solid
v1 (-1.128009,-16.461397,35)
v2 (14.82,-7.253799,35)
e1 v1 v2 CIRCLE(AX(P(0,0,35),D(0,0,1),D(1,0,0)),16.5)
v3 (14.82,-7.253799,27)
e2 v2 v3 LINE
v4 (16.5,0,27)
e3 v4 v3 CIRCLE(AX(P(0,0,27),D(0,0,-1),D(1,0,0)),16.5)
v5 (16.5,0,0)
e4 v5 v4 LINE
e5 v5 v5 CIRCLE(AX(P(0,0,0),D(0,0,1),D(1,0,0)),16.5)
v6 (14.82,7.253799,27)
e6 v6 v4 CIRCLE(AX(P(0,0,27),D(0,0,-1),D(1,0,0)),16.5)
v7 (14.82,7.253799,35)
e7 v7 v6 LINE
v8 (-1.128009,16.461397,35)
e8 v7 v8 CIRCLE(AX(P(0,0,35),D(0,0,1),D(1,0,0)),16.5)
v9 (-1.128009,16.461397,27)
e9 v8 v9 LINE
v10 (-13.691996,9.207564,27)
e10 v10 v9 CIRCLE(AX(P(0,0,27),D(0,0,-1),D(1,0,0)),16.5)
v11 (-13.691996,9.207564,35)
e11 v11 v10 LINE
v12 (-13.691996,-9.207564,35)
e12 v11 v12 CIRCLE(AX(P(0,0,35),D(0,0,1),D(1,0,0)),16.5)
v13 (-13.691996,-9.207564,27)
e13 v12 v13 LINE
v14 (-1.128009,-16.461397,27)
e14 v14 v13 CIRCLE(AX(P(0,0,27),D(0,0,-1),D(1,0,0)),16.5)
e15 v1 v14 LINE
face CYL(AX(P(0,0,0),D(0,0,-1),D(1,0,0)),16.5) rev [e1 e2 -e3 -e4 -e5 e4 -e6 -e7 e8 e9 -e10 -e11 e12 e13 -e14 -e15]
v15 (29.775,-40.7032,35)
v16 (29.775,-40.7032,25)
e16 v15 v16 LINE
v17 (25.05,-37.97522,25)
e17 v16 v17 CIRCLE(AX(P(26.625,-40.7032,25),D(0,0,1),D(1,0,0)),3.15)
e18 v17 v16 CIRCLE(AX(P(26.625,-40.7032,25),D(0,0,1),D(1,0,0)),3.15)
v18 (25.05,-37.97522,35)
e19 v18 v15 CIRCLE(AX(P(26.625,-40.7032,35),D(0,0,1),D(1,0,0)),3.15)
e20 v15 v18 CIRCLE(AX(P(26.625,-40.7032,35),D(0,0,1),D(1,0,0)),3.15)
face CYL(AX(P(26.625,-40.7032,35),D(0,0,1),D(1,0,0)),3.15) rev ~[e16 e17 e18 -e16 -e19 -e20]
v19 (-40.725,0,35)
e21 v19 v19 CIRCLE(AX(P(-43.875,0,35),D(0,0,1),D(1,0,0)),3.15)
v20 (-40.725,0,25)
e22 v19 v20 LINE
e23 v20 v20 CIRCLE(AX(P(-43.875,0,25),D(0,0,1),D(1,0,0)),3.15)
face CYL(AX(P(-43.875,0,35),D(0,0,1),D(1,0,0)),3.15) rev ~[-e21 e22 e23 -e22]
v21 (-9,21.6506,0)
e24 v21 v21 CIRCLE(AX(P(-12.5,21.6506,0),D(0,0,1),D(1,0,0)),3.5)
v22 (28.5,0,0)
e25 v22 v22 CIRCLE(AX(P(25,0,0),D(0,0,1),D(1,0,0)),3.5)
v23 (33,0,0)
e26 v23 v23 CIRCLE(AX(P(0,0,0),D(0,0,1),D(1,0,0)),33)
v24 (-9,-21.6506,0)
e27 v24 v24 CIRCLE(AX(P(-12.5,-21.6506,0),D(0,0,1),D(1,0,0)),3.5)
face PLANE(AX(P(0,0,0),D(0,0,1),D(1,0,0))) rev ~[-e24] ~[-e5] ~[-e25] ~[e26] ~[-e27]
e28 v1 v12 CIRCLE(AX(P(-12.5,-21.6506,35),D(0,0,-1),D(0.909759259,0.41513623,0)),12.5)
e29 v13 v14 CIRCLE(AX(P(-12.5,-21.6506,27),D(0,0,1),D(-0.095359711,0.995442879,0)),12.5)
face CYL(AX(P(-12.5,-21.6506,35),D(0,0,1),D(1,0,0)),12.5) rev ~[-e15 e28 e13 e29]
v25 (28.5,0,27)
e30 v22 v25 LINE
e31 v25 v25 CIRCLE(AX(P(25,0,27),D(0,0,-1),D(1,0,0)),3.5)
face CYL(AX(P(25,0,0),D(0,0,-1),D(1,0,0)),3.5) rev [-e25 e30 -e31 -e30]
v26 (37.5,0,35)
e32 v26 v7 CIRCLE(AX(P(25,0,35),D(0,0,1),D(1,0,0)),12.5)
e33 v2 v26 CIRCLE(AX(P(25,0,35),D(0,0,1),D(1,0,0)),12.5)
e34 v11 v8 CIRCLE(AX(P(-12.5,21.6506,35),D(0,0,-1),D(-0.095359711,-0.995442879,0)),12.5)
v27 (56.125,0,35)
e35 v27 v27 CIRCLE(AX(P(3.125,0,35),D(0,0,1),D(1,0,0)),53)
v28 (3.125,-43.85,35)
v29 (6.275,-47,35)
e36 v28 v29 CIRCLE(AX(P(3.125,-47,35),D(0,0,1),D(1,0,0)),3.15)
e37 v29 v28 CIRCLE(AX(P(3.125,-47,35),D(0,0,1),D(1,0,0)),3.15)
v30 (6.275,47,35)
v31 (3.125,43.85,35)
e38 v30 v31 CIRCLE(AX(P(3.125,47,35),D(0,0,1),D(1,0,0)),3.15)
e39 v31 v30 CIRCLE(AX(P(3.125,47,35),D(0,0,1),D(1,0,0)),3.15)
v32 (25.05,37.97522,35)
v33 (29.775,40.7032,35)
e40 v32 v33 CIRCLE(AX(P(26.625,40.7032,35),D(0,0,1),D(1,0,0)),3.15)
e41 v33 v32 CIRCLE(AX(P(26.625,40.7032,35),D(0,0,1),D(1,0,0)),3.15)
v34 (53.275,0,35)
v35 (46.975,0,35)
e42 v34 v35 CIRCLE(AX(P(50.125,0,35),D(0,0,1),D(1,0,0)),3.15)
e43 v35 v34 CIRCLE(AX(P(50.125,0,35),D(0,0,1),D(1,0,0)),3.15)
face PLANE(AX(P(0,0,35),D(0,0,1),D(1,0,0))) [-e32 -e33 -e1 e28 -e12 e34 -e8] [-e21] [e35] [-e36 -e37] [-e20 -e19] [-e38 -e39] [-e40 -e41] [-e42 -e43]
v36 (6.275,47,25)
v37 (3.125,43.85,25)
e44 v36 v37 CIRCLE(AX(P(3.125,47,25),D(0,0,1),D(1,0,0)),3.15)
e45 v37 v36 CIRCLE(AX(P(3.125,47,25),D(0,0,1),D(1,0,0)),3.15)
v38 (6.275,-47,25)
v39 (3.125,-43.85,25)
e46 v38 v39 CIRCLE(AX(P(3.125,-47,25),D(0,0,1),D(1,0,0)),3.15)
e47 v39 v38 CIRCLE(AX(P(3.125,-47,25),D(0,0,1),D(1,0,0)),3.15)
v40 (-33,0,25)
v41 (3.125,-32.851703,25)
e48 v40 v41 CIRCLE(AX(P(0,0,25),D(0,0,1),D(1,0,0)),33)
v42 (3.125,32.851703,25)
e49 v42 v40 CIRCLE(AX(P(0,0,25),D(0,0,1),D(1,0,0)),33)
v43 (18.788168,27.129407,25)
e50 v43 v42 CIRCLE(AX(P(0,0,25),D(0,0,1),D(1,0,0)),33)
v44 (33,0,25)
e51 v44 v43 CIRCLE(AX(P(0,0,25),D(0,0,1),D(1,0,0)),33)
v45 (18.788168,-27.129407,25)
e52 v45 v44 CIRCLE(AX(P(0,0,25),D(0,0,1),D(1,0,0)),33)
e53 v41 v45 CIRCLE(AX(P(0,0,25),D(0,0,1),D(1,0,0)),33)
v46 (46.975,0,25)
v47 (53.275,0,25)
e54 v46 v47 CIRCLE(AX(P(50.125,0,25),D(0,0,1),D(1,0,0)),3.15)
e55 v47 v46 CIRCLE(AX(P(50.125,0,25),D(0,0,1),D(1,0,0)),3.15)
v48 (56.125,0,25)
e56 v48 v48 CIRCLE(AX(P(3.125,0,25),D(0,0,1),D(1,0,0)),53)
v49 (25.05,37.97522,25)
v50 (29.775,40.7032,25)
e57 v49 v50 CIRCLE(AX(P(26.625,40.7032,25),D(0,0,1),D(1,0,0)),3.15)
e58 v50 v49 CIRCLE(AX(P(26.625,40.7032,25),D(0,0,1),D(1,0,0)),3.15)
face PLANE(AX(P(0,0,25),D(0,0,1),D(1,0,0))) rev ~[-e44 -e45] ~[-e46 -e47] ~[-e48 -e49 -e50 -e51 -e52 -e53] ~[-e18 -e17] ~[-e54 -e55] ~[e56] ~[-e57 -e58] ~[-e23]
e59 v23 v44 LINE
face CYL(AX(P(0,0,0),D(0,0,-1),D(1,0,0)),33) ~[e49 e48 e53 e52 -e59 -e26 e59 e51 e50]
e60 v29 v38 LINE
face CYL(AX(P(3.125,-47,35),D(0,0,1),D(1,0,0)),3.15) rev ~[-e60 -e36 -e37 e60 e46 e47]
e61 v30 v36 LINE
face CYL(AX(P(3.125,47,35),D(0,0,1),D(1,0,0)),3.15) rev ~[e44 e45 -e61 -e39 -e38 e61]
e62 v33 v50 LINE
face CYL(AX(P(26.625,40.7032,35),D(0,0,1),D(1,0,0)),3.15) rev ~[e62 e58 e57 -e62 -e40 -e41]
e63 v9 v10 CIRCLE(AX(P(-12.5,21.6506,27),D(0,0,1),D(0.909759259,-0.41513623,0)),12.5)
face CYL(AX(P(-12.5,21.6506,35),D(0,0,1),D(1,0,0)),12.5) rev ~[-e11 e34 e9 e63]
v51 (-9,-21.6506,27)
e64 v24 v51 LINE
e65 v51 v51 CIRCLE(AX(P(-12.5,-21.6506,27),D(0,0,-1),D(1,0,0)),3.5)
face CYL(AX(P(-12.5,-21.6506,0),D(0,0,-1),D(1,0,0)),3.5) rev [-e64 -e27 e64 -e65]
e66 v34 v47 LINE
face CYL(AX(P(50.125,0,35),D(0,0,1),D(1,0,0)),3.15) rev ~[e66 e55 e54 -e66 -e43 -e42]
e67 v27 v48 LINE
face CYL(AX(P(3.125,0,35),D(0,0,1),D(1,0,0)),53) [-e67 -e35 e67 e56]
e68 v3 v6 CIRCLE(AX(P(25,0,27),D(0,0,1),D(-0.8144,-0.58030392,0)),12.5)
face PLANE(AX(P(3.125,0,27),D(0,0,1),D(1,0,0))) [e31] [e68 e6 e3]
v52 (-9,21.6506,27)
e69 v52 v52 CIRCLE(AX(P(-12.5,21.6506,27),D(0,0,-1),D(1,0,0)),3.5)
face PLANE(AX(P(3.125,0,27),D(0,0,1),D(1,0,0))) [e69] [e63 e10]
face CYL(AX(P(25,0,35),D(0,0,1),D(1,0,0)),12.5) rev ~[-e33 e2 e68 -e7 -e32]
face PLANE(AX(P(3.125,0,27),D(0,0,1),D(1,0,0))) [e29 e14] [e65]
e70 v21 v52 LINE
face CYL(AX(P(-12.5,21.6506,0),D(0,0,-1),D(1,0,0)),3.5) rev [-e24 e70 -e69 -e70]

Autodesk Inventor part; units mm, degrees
ref_plane "YZ Plane" through (0, 0, 0) normal (1, 0, 0) x (0, 1, 0)
ref_plane "XZ Plane" through (0, 0, 0) normal (0, 1, 0) x (-1, 0, 0)
ref_plane "XY Plane" through (0, 0, 0) normal (0, 0, 1) x (1, 0, 0)
sketch "Sketch1" plane through (0, 0, 0) normal (0, 0, 1) x (1, 0, 0)
  circle A0 centre (0, 0) radius 33
  circle A1 centre (0, 0) radius 16.5
  circle A2 centre (25, 0) radius 3.5
  circle A3 centre (-12.5, 21.6506) radius 3.5
  circle A4 centre (-12.5, -21.6506) radius 3.5
  dimension "d0" = 66
  dimension "d1" = 33
  dimension "d2" = 7
  dimension "d3" = 25
  dimension "d6" = 360
extrude "Extrusion1" add sketch "Sketch1" along normal blind 35
sketch "Sketch3" plane through (0, 0, 35) normal (0, 0, 1) x (1, 0, 0)
  circle A0 centre (3.125, 0) radius 53
  circle A1 centre (0, 0) radius 10
  circle A2 centre (26.625, -40.7032) radius 3.15
  circle A3 centre (18.75, 0) radius 5.5
  circle A4 centre (50.125, 0) radius 3.15
  circle A5 centre (26.625, 40.7032) radius 3.15
  circle A6 centre (3.125, -47) radius 3.15
  circle A7 centre (3.125, 47) radius 3.15
  circle A8 centre (-43.875, 0) radius 3.15
  line L0 (3.125, 0) -> (3.125, 47)
  line L1 (3.125, 0) -> (26.625, 40.7032)
  line L2 (3.125, 0) -> (50.125, 0)
  line L3 (26.625, -40.7032) -> (3.125, 0)
  line L4 (3.125, 0) -> (3.125, -47)
  line L5 (3.125, 0) -> (-43.875, 0)
  circle A9 centre (0, 0) radius 33 projected
  point P0 (0, 0)
  dimension "d19" = 106
  dimension "d20" = 6.3
  dimension "d21" = 6.3
  dimension "d22" = 6.3
  dimension "d23" = 6.3
  dimension "d24" = 6.3
  dimension "d25" = 6.3
  dimension "d27" = 20
  dimension "d28" = 18.75
  dimension "d35" = 30
  dimension "d36" = 30
  dimension "d37" = 3.125
  dimension "d38" = 11
  dimension "d41" = 47
  dimension "d44" = 47
  dimension "d45" = 47
  dimension "d46" = 47
  dimension "d47" = 47
  dimension "d48" = 47
extrude "Extrusion4" add sketch "Sketch3" against normal blind 10
sketch "Sketch4" plane through (3.125, 0, 35) normal (0, 0, 1) x (1, 0, 0)
  circle A0 centre (18.75, 0) radius 7.5
  point P0 (-3.125, 0)
  dimension "d49" = 15
  dimension "d50" = 21.875
extrude "Extrusion5" cut sketch "Sketch4" against normal blind 5
sketch "Sketch5" plane through (3.125, 0, 35) normal (0, 0, 1) x (1, 0, 0)
  circle A0 centre (21.875, 0) radius 3.5 projected
  circle A1 centre (21.875, 0) radius 3.5 projected
  circle A2 centre (21.875, 0) radius 12.5
  circle A3 centre (-15.625, 21.6506) radius 12.5
  circle A4 centre (-15.625, -21.6506) radius 12.5
  point P0 (-3.125, 0)
  dimension "d53" = 25
  dimension "d56" = 360
extrude "Extrusion6" cut sketch "Sketch5" against normal blind 8 contours A0 | A2 | A3 | A4
properties part number "AC10" material "ABS Plastic"
